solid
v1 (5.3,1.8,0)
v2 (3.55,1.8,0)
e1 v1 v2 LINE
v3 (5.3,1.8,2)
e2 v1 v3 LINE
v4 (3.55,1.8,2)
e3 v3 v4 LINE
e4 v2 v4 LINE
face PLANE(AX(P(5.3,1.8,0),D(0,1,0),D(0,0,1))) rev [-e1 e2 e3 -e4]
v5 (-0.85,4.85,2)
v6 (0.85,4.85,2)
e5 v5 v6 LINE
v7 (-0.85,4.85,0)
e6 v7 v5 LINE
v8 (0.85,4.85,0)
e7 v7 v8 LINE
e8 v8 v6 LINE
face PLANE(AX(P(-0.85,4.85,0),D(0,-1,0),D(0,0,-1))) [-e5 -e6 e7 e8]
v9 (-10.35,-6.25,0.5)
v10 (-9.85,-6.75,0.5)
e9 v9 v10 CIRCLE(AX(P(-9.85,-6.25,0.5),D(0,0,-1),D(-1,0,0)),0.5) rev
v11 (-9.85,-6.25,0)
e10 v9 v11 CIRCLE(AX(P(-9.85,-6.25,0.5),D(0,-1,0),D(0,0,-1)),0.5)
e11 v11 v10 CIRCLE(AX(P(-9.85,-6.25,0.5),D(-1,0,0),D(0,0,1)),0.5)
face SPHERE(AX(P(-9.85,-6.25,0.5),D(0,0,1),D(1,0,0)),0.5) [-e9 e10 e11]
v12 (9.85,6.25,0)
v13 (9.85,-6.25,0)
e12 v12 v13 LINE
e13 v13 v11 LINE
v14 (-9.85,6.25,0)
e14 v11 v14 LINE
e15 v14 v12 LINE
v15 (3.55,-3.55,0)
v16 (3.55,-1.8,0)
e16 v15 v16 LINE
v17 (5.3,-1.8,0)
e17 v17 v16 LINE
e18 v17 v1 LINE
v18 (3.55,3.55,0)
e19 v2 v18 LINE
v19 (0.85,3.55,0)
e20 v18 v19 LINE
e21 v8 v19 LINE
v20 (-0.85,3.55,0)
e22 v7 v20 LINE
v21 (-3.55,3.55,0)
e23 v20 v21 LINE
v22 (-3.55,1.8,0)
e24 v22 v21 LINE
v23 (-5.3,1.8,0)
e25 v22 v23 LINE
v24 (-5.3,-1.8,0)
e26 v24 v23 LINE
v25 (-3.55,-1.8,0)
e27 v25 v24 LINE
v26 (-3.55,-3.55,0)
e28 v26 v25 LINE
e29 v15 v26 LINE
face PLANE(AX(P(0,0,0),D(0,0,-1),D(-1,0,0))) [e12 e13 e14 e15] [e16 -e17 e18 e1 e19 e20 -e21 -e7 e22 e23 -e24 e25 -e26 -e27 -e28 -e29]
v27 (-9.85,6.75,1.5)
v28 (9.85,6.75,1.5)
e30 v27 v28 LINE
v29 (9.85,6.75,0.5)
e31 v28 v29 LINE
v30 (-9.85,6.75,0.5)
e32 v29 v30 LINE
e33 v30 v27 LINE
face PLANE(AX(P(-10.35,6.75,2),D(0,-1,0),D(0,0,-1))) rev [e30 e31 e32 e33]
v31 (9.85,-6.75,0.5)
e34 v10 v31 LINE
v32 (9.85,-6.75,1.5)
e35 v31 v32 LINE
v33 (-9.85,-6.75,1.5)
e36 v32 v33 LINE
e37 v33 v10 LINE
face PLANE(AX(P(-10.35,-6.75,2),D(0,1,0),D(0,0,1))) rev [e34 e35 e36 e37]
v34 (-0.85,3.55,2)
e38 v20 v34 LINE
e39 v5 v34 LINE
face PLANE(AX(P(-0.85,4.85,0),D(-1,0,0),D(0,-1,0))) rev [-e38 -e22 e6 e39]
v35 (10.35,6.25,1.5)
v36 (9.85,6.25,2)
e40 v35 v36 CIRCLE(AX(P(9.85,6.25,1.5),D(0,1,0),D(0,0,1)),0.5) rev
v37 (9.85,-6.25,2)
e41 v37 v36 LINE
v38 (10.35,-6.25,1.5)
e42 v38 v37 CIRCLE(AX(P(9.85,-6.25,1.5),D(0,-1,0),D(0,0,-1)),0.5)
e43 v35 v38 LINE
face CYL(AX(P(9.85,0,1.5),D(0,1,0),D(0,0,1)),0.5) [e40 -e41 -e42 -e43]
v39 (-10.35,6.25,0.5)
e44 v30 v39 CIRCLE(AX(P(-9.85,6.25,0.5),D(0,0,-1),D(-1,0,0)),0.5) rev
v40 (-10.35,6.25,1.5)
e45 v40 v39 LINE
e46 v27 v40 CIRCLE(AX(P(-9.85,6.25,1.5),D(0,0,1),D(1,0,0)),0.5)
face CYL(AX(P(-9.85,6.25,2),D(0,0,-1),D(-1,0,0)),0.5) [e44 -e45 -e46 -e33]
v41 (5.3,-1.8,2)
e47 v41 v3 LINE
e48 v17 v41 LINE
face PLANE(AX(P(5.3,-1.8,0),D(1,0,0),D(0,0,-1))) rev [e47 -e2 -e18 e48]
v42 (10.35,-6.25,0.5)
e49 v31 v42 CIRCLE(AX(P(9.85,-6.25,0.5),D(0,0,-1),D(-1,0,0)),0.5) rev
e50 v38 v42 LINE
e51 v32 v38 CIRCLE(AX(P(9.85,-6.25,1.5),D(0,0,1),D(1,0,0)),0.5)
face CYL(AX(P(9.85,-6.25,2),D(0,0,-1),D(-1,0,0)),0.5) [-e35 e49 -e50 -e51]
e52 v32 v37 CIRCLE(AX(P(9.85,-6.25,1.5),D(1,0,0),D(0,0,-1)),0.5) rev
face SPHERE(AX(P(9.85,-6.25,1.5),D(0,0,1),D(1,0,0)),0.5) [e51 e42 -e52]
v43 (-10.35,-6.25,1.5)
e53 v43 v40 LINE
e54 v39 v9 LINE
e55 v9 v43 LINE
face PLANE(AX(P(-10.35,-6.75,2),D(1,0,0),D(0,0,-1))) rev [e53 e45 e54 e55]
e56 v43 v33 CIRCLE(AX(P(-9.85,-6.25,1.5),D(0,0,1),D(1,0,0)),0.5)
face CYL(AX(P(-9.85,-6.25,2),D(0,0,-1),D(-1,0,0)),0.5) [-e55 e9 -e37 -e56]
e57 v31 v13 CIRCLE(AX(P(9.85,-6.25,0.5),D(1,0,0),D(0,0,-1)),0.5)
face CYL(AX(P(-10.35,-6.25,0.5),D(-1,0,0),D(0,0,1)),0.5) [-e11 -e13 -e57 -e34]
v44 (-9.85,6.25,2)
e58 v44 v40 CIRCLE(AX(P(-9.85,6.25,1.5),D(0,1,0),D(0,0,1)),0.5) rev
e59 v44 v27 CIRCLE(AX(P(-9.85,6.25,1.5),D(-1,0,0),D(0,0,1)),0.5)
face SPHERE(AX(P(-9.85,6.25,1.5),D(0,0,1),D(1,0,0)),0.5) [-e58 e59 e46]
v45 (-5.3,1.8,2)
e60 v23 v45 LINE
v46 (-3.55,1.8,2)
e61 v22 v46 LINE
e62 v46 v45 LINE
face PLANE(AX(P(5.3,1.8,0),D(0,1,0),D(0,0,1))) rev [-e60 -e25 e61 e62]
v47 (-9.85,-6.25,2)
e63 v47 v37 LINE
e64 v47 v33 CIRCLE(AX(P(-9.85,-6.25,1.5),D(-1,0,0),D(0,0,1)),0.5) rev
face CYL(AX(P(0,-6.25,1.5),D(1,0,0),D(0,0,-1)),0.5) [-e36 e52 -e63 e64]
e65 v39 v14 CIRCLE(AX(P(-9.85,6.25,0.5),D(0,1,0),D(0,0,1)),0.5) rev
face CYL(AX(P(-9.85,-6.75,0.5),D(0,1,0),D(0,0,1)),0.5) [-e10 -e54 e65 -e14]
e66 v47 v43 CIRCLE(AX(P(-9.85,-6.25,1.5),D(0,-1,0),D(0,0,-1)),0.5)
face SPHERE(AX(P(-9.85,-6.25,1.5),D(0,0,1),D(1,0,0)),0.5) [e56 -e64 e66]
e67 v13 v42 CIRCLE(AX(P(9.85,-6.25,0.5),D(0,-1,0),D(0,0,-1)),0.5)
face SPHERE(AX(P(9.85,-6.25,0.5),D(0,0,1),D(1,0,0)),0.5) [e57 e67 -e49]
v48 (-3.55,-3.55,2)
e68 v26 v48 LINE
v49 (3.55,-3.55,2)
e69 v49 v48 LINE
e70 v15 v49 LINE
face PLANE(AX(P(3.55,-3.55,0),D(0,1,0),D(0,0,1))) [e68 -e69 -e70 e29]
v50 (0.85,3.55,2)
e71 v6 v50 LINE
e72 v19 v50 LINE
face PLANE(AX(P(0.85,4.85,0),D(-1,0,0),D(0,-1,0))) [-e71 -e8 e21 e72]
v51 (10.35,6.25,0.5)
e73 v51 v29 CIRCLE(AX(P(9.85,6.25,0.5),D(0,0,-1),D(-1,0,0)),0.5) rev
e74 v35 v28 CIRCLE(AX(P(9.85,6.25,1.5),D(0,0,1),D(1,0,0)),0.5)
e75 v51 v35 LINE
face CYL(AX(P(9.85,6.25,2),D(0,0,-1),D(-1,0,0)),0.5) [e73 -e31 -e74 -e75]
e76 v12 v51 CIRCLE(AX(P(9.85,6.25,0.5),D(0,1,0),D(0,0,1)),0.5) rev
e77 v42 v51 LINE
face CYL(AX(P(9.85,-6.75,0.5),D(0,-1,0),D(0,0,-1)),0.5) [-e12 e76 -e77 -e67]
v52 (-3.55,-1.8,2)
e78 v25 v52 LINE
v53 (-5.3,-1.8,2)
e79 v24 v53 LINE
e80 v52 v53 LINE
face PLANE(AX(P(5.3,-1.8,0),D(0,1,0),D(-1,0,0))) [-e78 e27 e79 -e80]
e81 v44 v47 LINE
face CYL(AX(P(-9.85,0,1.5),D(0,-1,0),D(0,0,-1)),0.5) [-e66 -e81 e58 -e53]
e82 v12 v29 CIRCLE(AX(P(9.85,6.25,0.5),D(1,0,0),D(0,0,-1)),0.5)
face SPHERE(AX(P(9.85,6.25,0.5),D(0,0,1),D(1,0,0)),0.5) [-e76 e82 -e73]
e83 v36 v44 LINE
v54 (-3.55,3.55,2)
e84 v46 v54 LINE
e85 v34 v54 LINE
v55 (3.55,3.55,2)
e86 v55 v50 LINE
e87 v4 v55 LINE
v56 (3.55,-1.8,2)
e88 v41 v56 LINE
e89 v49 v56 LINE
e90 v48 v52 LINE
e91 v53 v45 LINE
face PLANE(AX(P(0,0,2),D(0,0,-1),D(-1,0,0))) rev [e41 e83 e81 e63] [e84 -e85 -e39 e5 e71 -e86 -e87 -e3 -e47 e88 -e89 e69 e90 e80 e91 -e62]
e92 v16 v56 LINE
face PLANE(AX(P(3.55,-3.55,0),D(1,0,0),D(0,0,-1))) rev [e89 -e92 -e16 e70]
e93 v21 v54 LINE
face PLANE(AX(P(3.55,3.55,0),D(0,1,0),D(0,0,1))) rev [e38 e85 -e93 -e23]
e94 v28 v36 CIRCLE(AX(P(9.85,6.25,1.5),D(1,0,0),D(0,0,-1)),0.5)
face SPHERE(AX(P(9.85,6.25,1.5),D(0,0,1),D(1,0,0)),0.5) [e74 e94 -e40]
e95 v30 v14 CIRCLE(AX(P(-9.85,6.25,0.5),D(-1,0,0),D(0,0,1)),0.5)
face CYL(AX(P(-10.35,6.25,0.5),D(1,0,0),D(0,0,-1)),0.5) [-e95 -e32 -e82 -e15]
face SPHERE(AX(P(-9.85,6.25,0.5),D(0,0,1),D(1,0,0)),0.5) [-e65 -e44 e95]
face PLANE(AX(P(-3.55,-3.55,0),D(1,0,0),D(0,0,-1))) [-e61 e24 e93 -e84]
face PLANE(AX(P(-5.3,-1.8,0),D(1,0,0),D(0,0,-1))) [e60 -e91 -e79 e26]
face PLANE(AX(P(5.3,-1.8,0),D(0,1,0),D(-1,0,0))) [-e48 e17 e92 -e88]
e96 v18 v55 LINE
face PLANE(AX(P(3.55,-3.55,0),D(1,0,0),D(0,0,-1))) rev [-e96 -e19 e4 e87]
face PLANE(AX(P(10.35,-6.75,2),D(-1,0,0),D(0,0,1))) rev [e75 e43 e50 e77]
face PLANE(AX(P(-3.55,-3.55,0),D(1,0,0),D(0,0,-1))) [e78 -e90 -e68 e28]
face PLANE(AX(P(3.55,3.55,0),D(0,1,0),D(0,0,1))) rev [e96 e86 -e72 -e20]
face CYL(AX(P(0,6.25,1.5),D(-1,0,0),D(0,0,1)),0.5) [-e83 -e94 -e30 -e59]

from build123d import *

# Parameters (mm, degrees)
SKETCH1_W           = 20.7
SKETCH1_H           = 13.5
BOSS_EXTRUDE1_DEPTH = 2
FILLET1_R           = 0.5
SKETCH2_W           = 10.6
SKETCH2_H           = 3.6
SKETCH2_W_2         = 7.1
SKETCH2_H_2         = 7.1
SKETCH2_W_3         = 1.7
SKETCH2_H_3         = 4.85
CUT_EXTRUDE1_DEPTH  = 13.517387906


with BuildPart() as part:
    # Sketch1 → Boss-Extrude1 (new body)
    with BuildSketch(Plane.XY):
        Rectangle(SKETCH1_W, SKETCH1_H)
    extrude(amount=BOSS_EXTRUDE1_DEPTH)

    # Fillet1
    fillet1_edges = [part.edges().sort_by_distance(p)[0] for p in [
        (-10.35, 0, 2),
        (0, -6.75, 2),
        (10.35, 0, 2),
        (0, -6.75, 0),
        (-10.35, 0, 0),
        (0, 6.75, 0),
        (10.35, 0, 0),
        (10.35, -6.75, 1),
        (-10.35, -6.75, 1),
        (-10.35, 6.75, 1),
        (10.35, 6.75, 1),
        (0, 6.75, 2),
    ]]
    fillet(fillet1_edges, radius=FILLET1_R)

    # Sketch2 → Cut-Extrude1 (cut, through all)
    with BuildSketch(Plane.XY.offset(2)):
        Rectangle(SKETCH2_W, SKETCH2_H)
        Rectangle(SKETCH2_W_2, SKETCH2_H_2)
        with Locations((0, 2.425)):
            Rectangle(SKETCH2_W_3, SKETCH2_H_3)
    extrude(amount=-CUT_EXTRUDE1_DEPTH, mode=Mode.SUBTRACT)


solid = part.part
